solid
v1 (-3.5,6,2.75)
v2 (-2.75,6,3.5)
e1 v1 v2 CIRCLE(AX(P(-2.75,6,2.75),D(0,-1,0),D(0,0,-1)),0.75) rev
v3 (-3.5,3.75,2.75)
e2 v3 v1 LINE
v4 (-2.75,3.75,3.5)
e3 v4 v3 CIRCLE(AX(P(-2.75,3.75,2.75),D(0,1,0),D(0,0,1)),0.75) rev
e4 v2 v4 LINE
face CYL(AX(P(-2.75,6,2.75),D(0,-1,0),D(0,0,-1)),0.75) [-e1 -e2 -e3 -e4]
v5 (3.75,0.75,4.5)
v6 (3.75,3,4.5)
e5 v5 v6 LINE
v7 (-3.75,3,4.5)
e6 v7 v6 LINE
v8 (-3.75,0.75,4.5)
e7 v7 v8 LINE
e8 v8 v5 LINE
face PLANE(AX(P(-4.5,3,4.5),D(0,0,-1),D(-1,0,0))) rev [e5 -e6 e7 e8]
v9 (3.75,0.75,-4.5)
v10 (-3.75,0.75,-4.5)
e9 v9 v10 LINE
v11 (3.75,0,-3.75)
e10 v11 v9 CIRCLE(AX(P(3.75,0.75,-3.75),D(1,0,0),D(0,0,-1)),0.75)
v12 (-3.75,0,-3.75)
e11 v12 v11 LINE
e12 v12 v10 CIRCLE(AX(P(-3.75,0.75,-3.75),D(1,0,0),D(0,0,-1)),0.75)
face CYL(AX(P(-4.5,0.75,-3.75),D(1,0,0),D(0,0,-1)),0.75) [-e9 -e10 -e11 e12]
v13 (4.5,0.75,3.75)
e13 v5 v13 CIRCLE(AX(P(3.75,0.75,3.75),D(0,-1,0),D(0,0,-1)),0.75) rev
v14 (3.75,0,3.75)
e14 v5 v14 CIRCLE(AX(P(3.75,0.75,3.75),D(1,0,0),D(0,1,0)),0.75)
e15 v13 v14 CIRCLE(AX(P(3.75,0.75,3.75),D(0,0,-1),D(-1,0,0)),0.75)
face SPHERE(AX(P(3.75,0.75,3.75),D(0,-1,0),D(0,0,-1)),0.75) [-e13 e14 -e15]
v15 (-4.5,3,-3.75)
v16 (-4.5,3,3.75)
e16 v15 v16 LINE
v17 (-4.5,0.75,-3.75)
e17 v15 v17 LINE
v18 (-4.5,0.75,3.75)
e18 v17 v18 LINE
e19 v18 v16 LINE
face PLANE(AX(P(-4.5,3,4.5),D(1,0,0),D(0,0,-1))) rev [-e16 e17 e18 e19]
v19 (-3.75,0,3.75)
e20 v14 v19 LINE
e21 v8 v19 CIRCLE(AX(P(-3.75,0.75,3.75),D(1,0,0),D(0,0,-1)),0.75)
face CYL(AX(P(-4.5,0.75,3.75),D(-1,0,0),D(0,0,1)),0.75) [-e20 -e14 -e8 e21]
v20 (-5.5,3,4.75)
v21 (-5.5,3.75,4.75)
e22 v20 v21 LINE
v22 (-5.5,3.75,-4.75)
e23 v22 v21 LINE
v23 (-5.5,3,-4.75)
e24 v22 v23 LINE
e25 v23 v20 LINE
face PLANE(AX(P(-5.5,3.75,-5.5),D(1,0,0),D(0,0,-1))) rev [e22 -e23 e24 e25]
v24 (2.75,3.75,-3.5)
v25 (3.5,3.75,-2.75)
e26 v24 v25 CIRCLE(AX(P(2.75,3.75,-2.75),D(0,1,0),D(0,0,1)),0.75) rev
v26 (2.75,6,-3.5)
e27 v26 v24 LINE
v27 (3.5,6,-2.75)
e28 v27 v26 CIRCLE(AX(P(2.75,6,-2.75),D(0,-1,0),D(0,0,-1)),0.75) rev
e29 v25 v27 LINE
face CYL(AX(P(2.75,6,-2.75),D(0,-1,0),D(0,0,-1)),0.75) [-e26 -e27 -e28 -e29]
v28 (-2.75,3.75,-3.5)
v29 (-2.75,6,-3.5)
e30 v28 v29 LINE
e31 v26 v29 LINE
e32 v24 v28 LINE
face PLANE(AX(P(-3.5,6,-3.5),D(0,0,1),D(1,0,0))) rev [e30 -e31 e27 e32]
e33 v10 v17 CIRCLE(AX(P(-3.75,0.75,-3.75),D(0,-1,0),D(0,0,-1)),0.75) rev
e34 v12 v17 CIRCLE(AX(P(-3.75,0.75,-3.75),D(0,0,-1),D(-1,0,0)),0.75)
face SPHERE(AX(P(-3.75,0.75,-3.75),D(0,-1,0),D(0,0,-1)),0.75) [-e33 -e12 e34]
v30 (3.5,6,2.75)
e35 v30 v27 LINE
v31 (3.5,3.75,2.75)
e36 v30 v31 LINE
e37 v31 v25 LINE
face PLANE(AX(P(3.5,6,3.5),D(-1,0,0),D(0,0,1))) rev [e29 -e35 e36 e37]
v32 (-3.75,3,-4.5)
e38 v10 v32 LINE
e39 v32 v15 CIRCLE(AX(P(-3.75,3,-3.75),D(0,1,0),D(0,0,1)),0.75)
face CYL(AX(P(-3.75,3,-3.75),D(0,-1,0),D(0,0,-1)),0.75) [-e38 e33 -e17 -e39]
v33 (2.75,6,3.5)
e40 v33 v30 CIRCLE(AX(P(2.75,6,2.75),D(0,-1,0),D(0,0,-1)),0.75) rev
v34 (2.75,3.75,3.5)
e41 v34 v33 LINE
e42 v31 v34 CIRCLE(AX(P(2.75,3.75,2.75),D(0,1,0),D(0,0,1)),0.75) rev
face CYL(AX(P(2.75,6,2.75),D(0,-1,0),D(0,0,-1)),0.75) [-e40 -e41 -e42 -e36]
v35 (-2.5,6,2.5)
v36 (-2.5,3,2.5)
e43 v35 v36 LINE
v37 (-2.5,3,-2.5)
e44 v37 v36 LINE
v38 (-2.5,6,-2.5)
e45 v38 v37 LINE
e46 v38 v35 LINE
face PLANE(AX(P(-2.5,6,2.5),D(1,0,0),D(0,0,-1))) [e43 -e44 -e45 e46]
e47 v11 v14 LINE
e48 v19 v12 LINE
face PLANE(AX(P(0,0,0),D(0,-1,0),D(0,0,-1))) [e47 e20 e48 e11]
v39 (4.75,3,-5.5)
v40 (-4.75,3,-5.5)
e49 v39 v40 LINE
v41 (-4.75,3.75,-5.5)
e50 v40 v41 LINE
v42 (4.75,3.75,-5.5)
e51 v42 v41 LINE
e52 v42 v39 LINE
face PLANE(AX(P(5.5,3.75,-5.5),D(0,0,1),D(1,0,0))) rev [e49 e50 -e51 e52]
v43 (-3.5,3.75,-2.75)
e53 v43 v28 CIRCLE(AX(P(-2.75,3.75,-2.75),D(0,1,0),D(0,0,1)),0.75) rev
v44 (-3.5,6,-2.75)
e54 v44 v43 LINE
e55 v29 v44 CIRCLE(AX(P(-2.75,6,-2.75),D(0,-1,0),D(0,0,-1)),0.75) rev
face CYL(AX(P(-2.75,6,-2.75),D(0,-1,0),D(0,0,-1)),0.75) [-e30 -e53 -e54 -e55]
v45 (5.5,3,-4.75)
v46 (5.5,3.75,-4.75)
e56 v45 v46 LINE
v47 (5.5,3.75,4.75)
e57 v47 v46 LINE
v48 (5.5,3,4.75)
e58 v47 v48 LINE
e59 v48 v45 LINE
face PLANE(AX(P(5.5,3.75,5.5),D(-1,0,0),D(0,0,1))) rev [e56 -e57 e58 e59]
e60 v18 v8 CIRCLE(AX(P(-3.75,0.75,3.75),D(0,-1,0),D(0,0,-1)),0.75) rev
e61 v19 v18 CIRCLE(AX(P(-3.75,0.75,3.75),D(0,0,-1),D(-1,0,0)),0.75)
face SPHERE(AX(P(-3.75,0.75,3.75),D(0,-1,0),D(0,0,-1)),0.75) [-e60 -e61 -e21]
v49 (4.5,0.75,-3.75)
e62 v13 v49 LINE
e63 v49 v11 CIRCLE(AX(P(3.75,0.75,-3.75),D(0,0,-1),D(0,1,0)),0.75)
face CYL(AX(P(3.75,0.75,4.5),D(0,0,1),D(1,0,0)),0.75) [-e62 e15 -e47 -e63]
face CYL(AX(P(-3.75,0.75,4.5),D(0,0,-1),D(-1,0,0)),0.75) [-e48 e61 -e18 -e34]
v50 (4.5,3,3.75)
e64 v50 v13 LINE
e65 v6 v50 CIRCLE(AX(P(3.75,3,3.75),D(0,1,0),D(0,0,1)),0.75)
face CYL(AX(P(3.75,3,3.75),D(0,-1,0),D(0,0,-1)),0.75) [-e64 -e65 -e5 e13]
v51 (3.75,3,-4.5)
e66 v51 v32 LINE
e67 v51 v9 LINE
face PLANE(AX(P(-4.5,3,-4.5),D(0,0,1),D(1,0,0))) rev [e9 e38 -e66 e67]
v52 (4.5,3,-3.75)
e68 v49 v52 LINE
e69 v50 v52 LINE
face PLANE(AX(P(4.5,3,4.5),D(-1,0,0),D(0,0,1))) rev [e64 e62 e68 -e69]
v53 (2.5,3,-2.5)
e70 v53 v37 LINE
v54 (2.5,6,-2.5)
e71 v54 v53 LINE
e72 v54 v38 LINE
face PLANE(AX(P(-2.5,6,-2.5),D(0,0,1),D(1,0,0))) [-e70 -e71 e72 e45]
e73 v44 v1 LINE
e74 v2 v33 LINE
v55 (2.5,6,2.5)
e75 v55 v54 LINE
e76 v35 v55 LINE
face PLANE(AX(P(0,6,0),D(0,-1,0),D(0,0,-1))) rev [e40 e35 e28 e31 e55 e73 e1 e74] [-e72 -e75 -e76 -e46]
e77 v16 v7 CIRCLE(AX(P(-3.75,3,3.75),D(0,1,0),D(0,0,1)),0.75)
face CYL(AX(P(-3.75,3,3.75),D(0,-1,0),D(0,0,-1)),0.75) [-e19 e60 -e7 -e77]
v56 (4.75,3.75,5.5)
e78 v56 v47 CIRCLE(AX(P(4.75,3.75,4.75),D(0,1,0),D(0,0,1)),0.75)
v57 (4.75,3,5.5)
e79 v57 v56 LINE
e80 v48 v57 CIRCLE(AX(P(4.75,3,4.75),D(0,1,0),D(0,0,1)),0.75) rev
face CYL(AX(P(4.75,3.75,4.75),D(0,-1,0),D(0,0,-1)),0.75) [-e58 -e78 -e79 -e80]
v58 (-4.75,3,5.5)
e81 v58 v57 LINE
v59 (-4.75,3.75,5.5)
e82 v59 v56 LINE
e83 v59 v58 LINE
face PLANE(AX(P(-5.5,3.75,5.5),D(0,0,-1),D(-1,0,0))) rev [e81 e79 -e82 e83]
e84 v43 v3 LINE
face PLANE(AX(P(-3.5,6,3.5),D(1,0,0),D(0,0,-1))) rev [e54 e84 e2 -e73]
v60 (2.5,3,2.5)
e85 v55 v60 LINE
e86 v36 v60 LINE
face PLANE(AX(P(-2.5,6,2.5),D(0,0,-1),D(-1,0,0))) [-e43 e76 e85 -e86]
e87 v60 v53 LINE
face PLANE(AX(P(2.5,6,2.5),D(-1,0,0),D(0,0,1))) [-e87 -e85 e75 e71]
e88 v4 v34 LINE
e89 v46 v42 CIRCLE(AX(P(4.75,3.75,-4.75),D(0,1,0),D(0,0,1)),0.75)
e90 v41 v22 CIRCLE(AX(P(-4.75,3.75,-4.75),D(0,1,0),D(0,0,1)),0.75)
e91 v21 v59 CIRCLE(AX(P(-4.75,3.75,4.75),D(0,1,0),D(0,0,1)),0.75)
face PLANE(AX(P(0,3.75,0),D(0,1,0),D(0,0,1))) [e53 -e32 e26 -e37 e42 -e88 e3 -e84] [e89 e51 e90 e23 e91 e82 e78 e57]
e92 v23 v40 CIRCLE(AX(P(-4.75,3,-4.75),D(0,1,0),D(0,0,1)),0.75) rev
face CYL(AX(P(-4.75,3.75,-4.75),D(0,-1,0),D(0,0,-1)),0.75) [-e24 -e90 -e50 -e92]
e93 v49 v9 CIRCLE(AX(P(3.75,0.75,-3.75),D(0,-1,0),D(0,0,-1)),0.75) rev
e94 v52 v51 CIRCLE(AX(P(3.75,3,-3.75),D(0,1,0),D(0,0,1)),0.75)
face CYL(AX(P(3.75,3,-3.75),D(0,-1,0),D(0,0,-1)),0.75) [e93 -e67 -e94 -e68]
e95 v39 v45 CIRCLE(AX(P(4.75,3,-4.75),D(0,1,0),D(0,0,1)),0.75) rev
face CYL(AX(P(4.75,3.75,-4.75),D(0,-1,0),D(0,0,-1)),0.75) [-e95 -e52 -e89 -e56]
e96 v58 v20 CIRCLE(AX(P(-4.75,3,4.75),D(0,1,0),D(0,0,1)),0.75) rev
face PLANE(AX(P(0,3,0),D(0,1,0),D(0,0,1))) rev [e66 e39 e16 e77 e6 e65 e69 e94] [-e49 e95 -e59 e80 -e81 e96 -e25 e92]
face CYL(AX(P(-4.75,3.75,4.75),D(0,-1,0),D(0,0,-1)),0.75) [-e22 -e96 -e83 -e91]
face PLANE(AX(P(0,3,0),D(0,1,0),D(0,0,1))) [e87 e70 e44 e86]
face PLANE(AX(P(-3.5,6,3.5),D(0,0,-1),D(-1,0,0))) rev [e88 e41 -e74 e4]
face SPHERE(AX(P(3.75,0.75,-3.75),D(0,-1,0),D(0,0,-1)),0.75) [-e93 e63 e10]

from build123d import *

# Parameters (mm, degrees)
SKETCH1_W           = 9
SKETCH1_H           = 9
BOSS_EXTRUDE1_DEPTH = 3
SKETCH2_W           = 11
SKETCH2_H           = 11
BOSS_EXTRUDE2_DEPTH = 0.75
SKETCH3_W           = 7
SKETCH3_H           = 7
SKETCH3_W_2         = 5
SKETCH3_H_2         = 5
BOSS_EXTRUDE3_DEPTH = 2.25
FILLET1_R           = 0.75
FILLET2_R           = 0.75
SKETCH4_W           = 5
SKETCH4_H           = 5
CUT_EXTRUDE1_DEPTH  = 0.75


with BuildPart() as part:
    # Sketch1 → Boss-Extrude1 (new body)
    with BuildSketch(Plane(origin=(0, 0, 0), x_dir=(1, 0, 0), z_dir=(0, 1, 0))):
        Rectangle(SKETCH1_W, SKETCH1_H)
    extrude(amount=BOSS_EXTRUDE1_DEPTH)

    # Sketch2 → Boss-Extrude2 (add)
    with BuildSketch(Plane(origin=(0, 3, 0), x_dir=(1, 0, 0), z_dir=(0, 1, 0))):
        Rectangle(SKETCH2_W, SKETCH2_H)
    extrude(amount=BOSS_EXTRUDE2_DEPTH)

    # Sketch3 → Boss-Extrude3 (add)
    with BuildSketch(Plane(origin=(0, 3.75, 0), x_dir=(1, 0, 0), z_dir=(0, 1, 0))):
        Rectangle(SKETCH3_W, SKETCH3_H)
        Rectangle(SKETCH3_W_2, SKETCH3_H_2, mode=Mode.SUBTRACT)
    extrude(amount=BOSS_EXTRUDE3_DEPTH)

    # Fillet1
    fillet1_edges = [part.edges().sort_by_distance(p)[0] for p in [
        (-5.5, 3.375, 5.5),
        (5.5, 3.375, 5.5),
        (5.5, 3.375, -5.5),
        (-5.5, 3.375, -5.5),
        (-3.5, 4.875, -3.5),
        (-3.5, 4.875, 3.5),
        (3.5, 4.875, 3.5),
        (3.5, 4.875, -3.5),
        (4.5, 1.5, 4.5),
        (-4.5, 1.5, 4.5),
        (-4.5, 1.5, -4.5),
        (4.5, 1.5, -4.5),
    ]]
    fillet(fillet1_edges, radius=FILLET1_R)

    # Fillet2
    fillet2_edges = [part.edges().sort_by_distance(p)[0] for p in [
        (0, 0, -4.5),
        (4.5, 0, 0),
        (0, 0, 4.5),
        (-4.5, 0, 0),
        (4.280330086, 0, 4.280330086),
        (-4.280330086, 0, 4.280330086),
        (-4.280330086, 0, -4.280330086),
        (4.280330086, 0, -4.280330086),
    ]]
    fillet(fillet2_edges, radius=FILLET2_R)

    # Sketch4 → Cut-Extrude1 (cut)
    with BuildSketch(Plane(origin=(0, 3.75, 0), x_dir=(1, 0, 0), z_dir=(0, 1, 0))):
        Rectangle(SKETCH4_W, SKETCH4_H)
    extrude(amount=-CUT_EXTRUDE1_DEPTH, mode=Mode.SUBTRACT)


solid = part.part
